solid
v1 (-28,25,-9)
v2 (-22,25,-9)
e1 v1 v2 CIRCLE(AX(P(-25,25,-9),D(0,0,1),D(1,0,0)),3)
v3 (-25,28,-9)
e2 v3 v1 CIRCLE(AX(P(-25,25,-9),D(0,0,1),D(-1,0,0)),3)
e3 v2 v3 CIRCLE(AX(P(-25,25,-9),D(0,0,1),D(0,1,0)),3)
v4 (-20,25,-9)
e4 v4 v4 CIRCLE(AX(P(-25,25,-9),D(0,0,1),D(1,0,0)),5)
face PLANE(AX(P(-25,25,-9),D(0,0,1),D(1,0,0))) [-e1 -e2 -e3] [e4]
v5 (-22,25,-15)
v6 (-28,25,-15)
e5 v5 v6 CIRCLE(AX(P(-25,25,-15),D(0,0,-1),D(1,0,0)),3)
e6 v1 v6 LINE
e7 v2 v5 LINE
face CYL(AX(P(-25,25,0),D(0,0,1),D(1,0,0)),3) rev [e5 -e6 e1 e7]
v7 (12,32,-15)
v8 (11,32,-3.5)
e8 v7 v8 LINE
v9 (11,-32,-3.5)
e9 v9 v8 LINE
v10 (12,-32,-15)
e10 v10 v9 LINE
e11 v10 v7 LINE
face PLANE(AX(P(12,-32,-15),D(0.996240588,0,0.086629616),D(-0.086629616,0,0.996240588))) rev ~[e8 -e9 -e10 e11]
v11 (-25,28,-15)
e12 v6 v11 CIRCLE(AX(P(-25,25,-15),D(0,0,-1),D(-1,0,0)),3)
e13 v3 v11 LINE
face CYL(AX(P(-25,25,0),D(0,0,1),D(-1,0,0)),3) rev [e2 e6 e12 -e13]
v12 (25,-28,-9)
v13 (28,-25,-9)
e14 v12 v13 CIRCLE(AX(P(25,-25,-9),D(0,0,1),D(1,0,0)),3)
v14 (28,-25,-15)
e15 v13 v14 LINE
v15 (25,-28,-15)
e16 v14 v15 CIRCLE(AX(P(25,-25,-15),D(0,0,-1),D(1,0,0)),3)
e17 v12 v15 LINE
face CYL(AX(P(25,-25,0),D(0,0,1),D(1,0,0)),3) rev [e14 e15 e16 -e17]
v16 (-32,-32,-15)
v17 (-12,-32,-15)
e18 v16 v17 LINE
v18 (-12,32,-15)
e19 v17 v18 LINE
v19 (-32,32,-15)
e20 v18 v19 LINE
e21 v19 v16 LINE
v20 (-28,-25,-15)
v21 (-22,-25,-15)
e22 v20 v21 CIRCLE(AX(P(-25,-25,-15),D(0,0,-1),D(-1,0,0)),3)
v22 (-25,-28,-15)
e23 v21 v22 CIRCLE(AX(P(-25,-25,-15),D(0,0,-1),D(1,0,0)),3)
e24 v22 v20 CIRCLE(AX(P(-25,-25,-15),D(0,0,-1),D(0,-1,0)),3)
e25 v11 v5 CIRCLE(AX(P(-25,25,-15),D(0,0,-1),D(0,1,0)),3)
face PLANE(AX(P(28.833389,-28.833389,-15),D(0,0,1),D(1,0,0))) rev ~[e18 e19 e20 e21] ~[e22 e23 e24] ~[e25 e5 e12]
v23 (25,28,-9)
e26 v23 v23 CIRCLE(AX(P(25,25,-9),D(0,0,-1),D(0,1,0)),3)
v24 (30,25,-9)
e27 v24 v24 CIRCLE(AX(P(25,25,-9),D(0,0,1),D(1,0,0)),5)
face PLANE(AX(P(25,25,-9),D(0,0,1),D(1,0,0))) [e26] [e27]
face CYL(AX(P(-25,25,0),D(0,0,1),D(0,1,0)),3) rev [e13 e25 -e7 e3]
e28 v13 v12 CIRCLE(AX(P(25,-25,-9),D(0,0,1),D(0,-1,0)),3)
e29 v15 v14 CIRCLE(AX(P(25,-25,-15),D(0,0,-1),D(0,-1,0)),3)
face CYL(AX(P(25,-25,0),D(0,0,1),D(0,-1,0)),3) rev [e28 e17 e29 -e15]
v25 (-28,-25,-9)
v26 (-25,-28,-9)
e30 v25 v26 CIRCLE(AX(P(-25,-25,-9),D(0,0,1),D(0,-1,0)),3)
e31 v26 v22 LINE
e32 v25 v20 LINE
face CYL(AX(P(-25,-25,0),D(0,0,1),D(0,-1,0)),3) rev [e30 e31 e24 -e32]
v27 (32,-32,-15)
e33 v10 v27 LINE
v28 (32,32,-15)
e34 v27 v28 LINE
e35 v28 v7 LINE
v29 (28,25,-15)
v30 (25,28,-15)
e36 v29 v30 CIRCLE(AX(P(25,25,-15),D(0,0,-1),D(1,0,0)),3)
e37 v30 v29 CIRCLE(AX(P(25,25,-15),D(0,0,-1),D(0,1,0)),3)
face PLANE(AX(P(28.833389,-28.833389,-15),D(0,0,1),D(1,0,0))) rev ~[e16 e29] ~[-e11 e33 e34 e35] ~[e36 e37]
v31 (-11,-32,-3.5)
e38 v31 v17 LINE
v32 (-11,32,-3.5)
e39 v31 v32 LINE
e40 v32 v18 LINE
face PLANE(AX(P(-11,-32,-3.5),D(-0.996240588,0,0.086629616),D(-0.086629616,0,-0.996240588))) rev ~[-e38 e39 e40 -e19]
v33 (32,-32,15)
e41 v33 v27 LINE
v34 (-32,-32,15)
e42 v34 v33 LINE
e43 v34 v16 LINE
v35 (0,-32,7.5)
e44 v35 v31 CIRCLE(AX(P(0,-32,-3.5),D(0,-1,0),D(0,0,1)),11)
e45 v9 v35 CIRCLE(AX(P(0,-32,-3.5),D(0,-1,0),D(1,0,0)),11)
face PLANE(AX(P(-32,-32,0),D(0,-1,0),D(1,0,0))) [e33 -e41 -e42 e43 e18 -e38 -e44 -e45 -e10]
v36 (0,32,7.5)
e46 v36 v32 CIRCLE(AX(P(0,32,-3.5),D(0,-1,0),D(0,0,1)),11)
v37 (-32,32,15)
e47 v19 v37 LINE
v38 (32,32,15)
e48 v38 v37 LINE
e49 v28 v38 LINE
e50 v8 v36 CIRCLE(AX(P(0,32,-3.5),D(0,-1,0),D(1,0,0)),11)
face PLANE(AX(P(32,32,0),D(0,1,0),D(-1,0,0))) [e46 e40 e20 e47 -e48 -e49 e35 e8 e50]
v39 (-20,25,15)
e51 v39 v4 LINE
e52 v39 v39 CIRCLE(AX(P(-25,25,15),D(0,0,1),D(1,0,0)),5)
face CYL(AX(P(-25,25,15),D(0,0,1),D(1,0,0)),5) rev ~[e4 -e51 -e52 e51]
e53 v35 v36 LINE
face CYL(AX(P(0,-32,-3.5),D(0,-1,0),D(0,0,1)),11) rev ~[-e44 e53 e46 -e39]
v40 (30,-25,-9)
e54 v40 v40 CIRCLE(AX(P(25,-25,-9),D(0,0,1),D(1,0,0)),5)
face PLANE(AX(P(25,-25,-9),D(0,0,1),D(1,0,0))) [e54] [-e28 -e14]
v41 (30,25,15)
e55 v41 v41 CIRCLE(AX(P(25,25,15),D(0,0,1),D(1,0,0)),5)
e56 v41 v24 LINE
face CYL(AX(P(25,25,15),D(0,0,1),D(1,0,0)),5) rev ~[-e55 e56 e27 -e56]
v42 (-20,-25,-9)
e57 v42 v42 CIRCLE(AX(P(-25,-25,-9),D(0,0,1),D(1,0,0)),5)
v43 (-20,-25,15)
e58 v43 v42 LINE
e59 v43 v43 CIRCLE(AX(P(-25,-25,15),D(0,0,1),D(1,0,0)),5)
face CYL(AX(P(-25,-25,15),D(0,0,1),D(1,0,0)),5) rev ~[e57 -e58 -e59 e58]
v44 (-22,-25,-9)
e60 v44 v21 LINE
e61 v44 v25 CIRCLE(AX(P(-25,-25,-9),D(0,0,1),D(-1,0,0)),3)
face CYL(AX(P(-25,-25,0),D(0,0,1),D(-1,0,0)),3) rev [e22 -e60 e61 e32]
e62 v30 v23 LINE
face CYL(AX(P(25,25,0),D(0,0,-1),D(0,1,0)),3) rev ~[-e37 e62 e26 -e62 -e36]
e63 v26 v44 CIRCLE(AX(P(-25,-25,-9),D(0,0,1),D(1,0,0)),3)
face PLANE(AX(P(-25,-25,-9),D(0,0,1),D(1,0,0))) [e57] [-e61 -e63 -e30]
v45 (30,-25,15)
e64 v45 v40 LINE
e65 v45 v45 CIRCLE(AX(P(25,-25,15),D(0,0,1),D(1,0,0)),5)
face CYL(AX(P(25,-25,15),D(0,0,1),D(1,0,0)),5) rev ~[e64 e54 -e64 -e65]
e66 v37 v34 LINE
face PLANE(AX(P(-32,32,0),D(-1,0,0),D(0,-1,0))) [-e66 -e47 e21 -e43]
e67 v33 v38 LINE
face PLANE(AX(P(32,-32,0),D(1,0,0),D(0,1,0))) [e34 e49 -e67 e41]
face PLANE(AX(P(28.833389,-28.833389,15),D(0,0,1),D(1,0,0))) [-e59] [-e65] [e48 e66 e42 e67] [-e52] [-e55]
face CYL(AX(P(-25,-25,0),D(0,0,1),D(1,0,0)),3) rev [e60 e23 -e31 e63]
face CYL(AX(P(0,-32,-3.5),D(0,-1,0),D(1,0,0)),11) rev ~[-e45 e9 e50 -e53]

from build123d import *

# Parameters (mm, degrees)
F1_DEPTH = 15
F3_DEPTH = 64
F4_R     = 5
F4_R_2   = 3
F5_DEPTH = 24


with BuildPart() as f1:
    # F0 (on Top) → F1 (new body, symmetric)
    with BuildSketch(Plane.XY):
        with BuildLine():
            Line((25, -32), (32, -32))
            Line((32, -32), (32, -25))
            Line((32, -25), (28, -25))
            ThreePointArc((28, -25), (27.1213203436, -27.1213203436), (25, -28))
            Line((25, -28), (25, -32))
        make_face()
        with BuildLine():
            Line((12, -32), (25, -32))
            Line((25, -32), (25, -28))
            ThreePointArc((25, -28), (22.8786796564, -22.8786796564), (28, -25))
            Line((28, -25), (32, -25))
            Line((32, -25), (32, 25))
            Line((32, 25), (28, 25))
            ThreePointArc((28, 25), (22.8786796564, 22.8786796564), (25, 28))
            Line((25, 28), (25, 32))
            Line((25, 32), (-25, 32))
            Line((-25, 32), (-25, 28))
            ThreePointArc((-25, 28), (-22.8786796564, 27.1213203436), (-22, 25))
            ThreePointArc((-22, 25), (-25, 22), (-28, 25))
            Line((-28, 25), (-32, 25))
            Line((-32, 25), (-32, -25))
            Line((-32, -25), (-28, -25))
            ThreePointArc((-28, -25), (-25, -22), (-22, -25))
            ThreePointArc((-22, -25), (-22.8786796564, -27.1213203436), (-25, -28))
            Line((-25, -28), (-25, -32))
            Line((-25, -32), (-12, -32))
            Line((-12, -32), (12, -32))
        make_face()
        with BuildLine():
            Line((28, 25), (32, 25))
            Line((32, 25), (32, 32))
            Line((32, 32), (25, 32))
            Line((25, 32), (25, 28))
            ThreePointArc((25, 28), (27.1213203436, 27.1213203436), (28, 25))
        make_face()
        with BuildLine():
            Line((-32, -32), (-25, -32))
            Line((-25, -32), (-25, -28))
            ThreePointArc((-25, -28), (-27.1213203436, -27.1213203436), (-28, -25))
            Line((-28, -25), (-32, -25))
            Line((-32, -25), (-32, -32))
        make_face()
        with BuildLine():
            Line((-25, 28), (-25, 32))
            Line((-25, 32), (-32, 32))
            Line((-32, 32), (-32, 25))
            Line((-32, 25), (-28, 25))
            ThreePointArc((-28, 25), (-27.1213203436, 27.1213203436), (-25, 28))
        make_face()
        with BuildLine():
            Line((12, -32), (25, -32))
            Line((25, -32), (25, -28))
            ThreePointArc((25, -28), (22.8786796564, -22.8786796564), (28, -25))
            Line((28, -25), (32, -25))
            Line((32, -25), (32, 25))
            Line((32, 25), (28, 25))
            ThreePointArc((28, 25), (22.8786796564, 22.8786796564), (25, 28))
            Line((25, 28), (25, 32))
            Line((25, 32), (-25, 32))
            Line((-25, 32), (-25, 28))
            ThreePointArc((-25, 28), (-22.8786796564, 27.1213203436), (-22, 25))
            ThreePointArc((-22, 25), (-25, 22), (-28, 25))
            Line((-28, 25), (-32, 25))
            Line((-32, 25), (-32, -25))
            Line((-32, -25), (-28, -25))
            ThreePointArc((-28, -25), (-25, -22), (-22, -25))
            ThreePointArc((-22, -25), (-22.8786796564, -27.1213203436), (-25, -28))
            Line((-25, -28), (-25, -32))
            Line((-25, -32), (-12, -32))
            Line((-12, -32), (12, -32))
        make_face()
    extrude(amount=F1_DEPTH, both=True)

    # F2 (on face) → F3 (cut)
    with BuildSketch(Plane.XZ.offset(32)):
        with BuildLine():
            Line((-11, -3.5), (-12, -15))
            Line((-12, -15), (0, -15))
            Line((0, -15), (0, -14.5))
            ThreePointArc((0, -14.5), (-7.7781745931, -11.2781745931), (-11, -3.5))
        make_face()
        with BuildLine():
            Line((0, -3.5), (-11, -3.5))
            ThreePointArc((-11, -3.5), (-7.7781745931, -11.2781745931), (0, -14.5))
            Line((0, -14.5), (0, -3.5))
        make_face()
        with BuildLine():
            Line((0, -3.5), (0, -14.5))
            ThreePointArc((0, -14.5), (7.7781745931, -11.2781745931), (11, -3.5))
            Line((11, -3.5), (0, -3.5))
        make_face()
        with BuildLine():
            Line((0, -14.5), (0, -15))
            Line((0, -15), (12, -15))
            Line((12, -15), (11, -3.5))
            ThreePointArc((11, -3.5), (7.7781745931, -11.2781745931), (0, -14.5))
        make_face()
        with BuildLine():
            ThreePointArc((11, -3.5), (7.7781745931, 4.2781745931), (0, 7.5))
            Line((0, 7.5), (0, -3.5))
            Line((0, -3.5), (11, -3.5))
        make_face()
        with BuildLine():
            ThreePointArc((0, 7.5), (-7.7781745931, 4.2781745931), (-11, -3.5))
            Line((-11, -3.5), (0, -3.5))
            Line((0, -3.5), (0, 7.5))
        make_face()
    extrude(amount=-F3_DEPTH, mode=Mode.SUBTRACT)

    # F4 (on face) → F5 (cut)
    with BuildSketch(Plane.XY.offset(15)):
        with Locations((-25, -25)):
            Circle(F4_R)
        with Locations((-25, -25)):
            Circle(F4_R_2, mode=Mode.SUBTRACT)
        with Locations((-25, 25)):
            Circle(F4_R)
        with Locations((-25, 25)):
            Circle(F4_R_2, mode=Mode.SUBTRACT)
        with Locations((25, 25)):
            Circle(F4_R)
        with Locations((25, 25)):
            Circle(F4_R_2, mode=Mode.SUBTRACT)
        with Locations((25, -25)):
            Circle(F4_R)
        with Locations((25, -25)):
            Circle(F4_R_2, mode=Mode.SUBTRACT)
        with Locations((-25, -25)):
            Circle(F4_R_2)
        with Locations((25, -25)):
            Circle(F4_R_2)
        with Locations((25, 25)):
            Circle(F4_R_2)
        with Locations((-25, 25)):
            Circle(F4_R_2)
    extrude(amount=-F5_DEPTH, mode=Mode.SUBTRACT)


solid = f1.part
